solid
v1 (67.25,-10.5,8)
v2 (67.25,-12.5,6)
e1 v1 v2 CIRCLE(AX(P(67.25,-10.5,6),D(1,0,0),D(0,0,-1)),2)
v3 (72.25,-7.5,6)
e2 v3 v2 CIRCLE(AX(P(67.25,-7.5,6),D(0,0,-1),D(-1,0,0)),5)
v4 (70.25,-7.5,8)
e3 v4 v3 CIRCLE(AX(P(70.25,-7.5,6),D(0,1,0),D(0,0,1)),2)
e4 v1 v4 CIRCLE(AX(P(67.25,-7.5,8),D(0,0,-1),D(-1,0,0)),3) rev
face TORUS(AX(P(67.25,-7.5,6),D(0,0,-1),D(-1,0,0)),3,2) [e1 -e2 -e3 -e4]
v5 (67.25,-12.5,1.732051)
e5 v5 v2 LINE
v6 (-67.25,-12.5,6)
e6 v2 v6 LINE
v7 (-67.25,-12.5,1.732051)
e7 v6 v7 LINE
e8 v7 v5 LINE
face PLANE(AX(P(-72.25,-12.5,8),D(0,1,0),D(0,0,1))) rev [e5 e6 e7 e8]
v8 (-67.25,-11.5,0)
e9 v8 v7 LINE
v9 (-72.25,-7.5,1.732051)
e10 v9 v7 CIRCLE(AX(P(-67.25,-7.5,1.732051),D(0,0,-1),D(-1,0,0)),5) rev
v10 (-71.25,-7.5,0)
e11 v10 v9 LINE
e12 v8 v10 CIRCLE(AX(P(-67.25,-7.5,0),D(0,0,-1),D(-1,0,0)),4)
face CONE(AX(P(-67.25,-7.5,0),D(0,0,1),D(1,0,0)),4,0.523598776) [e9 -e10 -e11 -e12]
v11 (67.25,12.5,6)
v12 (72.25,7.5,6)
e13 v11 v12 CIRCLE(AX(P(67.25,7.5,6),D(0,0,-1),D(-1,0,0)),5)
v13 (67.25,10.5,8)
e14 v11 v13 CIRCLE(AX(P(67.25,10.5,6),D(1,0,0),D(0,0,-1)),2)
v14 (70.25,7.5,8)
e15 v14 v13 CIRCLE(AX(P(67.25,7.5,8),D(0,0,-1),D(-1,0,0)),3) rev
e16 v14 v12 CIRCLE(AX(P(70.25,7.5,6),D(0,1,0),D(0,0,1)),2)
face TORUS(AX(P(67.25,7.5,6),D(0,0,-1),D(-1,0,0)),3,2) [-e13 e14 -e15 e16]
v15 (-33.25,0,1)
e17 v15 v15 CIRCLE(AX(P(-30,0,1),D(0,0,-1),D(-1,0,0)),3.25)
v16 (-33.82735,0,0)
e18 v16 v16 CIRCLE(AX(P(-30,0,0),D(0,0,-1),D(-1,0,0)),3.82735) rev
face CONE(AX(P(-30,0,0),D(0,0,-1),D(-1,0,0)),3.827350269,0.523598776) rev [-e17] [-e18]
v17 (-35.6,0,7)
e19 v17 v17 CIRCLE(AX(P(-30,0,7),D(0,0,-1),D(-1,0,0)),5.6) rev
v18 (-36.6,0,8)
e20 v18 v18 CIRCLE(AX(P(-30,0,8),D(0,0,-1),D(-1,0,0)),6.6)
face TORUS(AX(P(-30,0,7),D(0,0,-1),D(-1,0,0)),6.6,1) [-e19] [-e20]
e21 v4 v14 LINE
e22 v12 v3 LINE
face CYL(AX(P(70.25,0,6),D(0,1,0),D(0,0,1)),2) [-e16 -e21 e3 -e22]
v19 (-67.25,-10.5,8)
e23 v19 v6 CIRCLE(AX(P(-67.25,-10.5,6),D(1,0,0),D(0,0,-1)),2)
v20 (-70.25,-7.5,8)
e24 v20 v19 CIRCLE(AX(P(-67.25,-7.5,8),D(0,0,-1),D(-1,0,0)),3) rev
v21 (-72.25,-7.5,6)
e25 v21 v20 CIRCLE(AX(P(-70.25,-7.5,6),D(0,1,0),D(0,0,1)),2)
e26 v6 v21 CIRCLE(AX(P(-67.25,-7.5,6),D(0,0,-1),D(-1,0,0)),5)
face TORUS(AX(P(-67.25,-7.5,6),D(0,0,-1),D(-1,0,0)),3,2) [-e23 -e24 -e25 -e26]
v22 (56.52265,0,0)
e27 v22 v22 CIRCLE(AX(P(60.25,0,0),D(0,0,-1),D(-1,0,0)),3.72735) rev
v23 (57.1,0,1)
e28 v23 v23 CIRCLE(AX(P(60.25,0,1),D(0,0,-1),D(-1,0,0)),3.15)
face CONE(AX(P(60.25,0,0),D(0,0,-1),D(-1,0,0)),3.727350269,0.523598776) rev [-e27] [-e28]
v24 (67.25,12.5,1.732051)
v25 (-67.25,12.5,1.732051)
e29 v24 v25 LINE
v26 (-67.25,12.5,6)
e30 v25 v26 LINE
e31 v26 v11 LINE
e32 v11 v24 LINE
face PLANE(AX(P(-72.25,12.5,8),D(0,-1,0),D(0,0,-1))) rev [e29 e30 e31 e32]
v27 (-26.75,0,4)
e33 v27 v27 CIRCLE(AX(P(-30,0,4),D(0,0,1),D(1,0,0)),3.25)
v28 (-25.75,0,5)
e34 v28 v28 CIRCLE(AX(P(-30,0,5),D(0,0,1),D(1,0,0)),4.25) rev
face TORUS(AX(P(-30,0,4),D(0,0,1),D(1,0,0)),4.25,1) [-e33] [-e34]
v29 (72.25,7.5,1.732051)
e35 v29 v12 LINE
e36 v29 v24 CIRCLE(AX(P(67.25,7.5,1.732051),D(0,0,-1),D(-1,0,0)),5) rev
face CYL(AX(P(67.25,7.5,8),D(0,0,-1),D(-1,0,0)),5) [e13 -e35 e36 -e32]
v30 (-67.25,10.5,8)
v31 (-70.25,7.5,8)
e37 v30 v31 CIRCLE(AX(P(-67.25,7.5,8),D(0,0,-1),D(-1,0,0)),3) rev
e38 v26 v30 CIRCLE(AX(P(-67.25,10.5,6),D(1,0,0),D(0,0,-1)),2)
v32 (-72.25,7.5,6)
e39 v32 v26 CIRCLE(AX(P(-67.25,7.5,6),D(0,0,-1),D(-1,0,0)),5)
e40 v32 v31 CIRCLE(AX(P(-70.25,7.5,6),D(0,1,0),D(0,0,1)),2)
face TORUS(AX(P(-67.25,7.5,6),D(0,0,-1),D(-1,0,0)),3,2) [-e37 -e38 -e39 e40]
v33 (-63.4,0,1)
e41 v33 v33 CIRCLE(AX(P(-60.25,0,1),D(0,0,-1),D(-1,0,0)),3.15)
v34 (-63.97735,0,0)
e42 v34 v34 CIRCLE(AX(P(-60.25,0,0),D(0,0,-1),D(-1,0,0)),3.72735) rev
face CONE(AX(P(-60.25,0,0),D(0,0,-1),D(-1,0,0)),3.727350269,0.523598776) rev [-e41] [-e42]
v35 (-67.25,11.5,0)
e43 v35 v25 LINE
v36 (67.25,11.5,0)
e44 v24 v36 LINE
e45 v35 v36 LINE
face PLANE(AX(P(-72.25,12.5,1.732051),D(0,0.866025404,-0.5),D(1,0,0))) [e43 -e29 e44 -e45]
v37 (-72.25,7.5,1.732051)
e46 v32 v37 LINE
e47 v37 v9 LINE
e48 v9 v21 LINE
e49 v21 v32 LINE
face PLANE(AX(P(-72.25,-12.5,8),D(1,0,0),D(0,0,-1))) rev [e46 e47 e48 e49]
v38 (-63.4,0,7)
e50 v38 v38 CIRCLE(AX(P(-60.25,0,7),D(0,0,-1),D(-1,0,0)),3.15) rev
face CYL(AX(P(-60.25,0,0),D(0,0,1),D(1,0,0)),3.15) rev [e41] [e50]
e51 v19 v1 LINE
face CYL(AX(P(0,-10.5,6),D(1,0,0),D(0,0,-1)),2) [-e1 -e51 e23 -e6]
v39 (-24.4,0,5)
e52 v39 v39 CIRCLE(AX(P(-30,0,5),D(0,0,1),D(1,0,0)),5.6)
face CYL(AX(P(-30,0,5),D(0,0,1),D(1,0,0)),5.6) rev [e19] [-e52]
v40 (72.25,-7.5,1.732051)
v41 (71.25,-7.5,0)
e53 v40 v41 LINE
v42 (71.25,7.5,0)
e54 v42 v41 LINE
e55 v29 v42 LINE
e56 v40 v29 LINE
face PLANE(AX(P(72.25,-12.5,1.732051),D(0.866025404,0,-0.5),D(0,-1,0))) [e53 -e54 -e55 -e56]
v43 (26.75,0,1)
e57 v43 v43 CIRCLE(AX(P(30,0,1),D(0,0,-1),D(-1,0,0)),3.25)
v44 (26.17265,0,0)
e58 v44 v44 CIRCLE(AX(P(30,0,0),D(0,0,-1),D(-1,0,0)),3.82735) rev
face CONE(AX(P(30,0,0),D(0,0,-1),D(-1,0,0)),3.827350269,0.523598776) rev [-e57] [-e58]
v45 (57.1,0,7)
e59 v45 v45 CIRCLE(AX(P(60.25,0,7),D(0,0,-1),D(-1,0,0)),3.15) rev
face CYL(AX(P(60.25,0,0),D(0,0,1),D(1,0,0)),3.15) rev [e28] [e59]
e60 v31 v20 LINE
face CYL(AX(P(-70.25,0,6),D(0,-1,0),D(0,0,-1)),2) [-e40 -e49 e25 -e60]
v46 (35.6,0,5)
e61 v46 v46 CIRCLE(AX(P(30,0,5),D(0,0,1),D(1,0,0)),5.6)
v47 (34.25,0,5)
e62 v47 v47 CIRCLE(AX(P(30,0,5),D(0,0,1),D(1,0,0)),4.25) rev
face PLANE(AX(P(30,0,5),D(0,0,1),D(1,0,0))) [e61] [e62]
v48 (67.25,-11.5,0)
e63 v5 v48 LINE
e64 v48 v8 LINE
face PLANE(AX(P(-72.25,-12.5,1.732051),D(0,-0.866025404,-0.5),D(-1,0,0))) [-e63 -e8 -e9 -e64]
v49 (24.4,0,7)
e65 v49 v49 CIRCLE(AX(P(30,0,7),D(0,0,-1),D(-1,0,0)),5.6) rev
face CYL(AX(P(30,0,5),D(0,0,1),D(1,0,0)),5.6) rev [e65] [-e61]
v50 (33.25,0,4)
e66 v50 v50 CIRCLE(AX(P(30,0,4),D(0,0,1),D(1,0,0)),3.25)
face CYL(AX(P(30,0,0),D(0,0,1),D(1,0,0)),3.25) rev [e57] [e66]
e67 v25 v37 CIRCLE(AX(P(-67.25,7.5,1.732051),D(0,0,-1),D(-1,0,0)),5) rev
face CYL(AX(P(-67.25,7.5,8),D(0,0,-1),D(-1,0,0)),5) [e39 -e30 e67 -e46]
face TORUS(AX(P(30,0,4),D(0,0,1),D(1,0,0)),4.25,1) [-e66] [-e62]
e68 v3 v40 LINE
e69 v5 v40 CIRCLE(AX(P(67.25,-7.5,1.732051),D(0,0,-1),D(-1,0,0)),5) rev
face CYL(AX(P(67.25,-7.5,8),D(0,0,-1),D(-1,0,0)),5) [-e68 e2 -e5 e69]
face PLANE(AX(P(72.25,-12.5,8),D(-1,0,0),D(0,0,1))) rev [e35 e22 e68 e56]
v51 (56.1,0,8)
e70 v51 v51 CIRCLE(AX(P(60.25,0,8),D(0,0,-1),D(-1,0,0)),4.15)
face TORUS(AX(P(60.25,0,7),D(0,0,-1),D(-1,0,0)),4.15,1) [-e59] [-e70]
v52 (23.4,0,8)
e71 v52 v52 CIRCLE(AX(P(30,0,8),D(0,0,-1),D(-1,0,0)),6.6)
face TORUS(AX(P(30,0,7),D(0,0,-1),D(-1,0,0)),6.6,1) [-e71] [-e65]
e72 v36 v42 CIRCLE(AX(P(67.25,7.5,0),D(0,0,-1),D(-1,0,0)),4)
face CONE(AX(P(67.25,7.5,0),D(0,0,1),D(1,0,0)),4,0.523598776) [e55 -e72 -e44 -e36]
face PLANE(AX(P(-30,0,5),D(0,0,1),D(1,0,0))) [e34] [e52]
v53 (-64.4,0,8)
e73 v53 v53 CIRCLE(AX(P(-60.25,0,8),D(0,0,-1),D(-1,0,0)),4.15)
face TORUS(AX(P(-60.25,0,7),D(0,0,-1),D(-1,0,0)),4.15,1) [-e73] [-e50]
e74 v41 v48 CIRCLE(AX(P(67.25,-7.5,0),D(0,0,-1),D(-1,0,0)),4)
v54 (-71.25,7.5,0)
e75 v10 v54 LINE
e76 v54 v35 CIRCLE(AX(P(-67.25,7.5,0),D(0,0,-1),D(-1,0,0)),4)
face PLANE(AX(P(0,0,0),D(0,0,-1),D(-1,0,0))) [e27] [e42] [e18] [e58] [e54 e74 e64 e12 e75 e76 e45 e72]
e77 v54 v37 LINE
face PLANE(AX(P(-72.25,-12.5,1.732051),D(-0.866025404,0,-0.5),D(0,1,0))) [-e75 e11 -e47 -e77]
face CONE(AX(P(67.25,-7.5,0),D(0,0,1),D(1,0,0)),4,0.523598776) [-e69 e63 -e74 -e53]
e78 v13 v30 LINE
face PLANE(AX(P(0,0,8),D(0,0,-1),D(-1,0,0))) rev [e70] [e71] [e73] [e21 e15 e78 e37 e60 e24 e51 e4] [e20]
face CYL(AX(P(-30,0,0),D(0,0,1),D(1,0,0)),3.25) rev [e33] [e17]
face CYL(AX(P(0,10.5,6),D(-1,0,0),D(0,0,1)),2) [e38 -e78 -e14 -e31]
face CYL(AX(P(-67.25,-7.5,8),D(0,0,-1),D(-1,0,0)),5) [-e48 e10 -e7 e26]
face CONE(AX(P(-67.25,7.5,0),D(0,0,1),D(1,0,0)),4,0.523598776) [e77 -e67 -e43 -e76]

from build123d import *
from OCP.BRepFilletAPI import BRepFilletAPI_MakeChamfer

# Parameters (mm, degrees)
SKETCH2_W           = 144.5
SKETCH2_H           = 25
BOSS_EXTRUDE1_DEPTH = 8
SKETCH3_R           = 3.15
SKETCH3_R_2         = 3.25
CUT_EXTRUDE1_DEPTH  = 74.758474089
SKETCH4_R           = 5.6
CUT_EXTRUDE2_DEPTH  = 3
FILLET1_R           = 5
FILLET2_R           = 2
FILLET3_R           = 1
CHAMFER1_SIZE       = 1
CHAMFER1_SIZE2      = 1.732050808
CHAMFER2_SIZE       = 1
CHAMFER2_SIZE2      = 0.577350269


with BuildPart() as part:
    # Sketch2 → Boss-Extrude1 (new body)
    with BuildSketch(Plane.XY):
        Rectangle(SKETCH2_W, SKETCH2_H)
    extrude(amount=BOSS_EXTRUDE1_DEPTH)

    # Sketch3 → Cut-Extrude1 (cut, through all)
    with BuildSketch(Plane.XY.offset(8)):
        with Locations((-60.25, 0)):
            Circle(SKETCH3_R)
        with Locations((60.25, 0)):
            Circle(SKETCH3_R)
        with Locations((-30, 0)):
            Circle(SKETCH3_R_2)
        with Locations((30, 0)):
            Circle(SKETCH3_R_2)
    extrude(amount=-CUT_EXTRUDE1_DEPTH, mode=Mode.SUBTRACT)

    # Sketch4 → Cut-Extrude2 (cut)
    with BuildSketch(Plane.XY.offset(8)):
        with Locations((-30, 0)):
            Circle(SKETCH4_R)
        with Locations((30, 0)):
            Circle(SKETCH4_R)
    extrude(amount=-CUT_EXTRUDE2_DEPTH, mode=Mode.SUBTRACT)

    # Fillet1
    fillet1_edges = [part.edges().sort_by_distance(p)[0] for p in [
        (72.25, -12.5, 4),
        (-72.25, -12.5, 4),
        (-72.25, 12.5, 4),
        (72.25, 12.5, 4),
    ]]
    fillet(fillet1_edges, radius=FILLET1_R)

    # Fillet2
    fillet2_edges = [part.edges().sort_by_distance(p)[0] for p in [
        (0, -12.5, 8),
        (-72.25, 0, 8),
        (72.25, 0, 8),
        (0, 12.5, 8),
        (70.785533906, 11.035533906, 8),
        (70.785533906, -11.035533906, 8),
        (-70.785533906, 11.035533906, 8),
        (-70.785533906, -11.035533906, 8),
    ]]
    fillet(fillet2_edges, radius=FILLET2_R)

    # Fillet3
    fillet3_edges = [part.edges().sort_by_distance(p)[0] for p in [
        (-63.4, 0, 8),
        (57.1, 0, 8),
        (-35.6, 0, 8),
        (-33.25, 0, 5),
        (24.4, 0, 8),
        (26.75, 0, 5),
    ]]
    fillet(fillet3_edges, radius=FILLET3_R)

    # Chamfer1
    chamfer1_edges = [part.edges().sort_by_distance(p)[0] for p in [
        (0, -12.5, 0),
        (72.25, 0, 0),
        (-72.25, 0, 0),
        (0, 12.5, 0),
        (70.785533906, 11.035533906, 0),
        (70.785533906, -11.035533906, 0),
        (-70.785533906, 11.035533906, 0),
        (-70.785533906, -11.035533906, 0),
    ]]
    chamfer1_side = [part.faces().sort_by_distance(p)[0] for p in [
        (0, 0, 0),
    ]]
    chamfer(chamfer1_edges, length=CHAMFER1_SIZE, length2=CHAMFER1_SIZE2, reference=chamfer1_side[0])

    # Chamfer2: one chamfer whose edges measure the first distance from different faces: ONE call of the kernel's chamfer builder (chamfer() names one face for all edges)
    chamfer2_edges_1 = [part.edges().sort_by_distance(p)[0] for p in [
        (-63.4, 0, 0),
    ]]
    chamfer2_side_1 = [part.faces().sort_by_distance(p)[0] for p in [
        (-63.4, 0, 3.5),
    ]]
    chamfer2_edges_2 = [part.edges().sort_by_distance(p)[0] for p in [
        (26.75, 0, 0),
    ]]
    chamfer2_side_2 = [part.faces().sort_by_distance(p)[0] for p in [
        (26.75, 0, 2),
    ]]
    chamfer2_edges_3 = [part.edges().sort_by_distance(p)[0] for p in [
        (-33.25, 0, 0),
    ]]
    chamfer2_side_3 = [part.faces().sort_by_distance(p)[0] for p in [
        (-33.25, 0, 2),
    ]]
    chamfer2_edges_4 = [part.edges().sort_by_distance(p)[0] for p in [
        (57.1, 0, 0),
    ]]
    chamfer2_side_4 = [part.faces().sort_by_distance(p)[0] for p in [
        (57.1, 0, 3.5),
    ]]
    chamfer2 = BRepFilletAPI_MakeChamfer(part.part.solid().wrapped)
    for e in chamfer2_edges_1:
        chamfer2.Add(CHAMFER2_SIZE, CHAMFER2_SIZE2, e.wrapped, chamfer2_side_1[0].wrapped)  # the first distance lies on this face
    for e in chamfer2_edges_2:
        chamfer2.Add(CHAMFER2_SIZE, CHAMFER2_SIZE2, e.wrapped, chamfer2_side_2[0].wrapped)  # the first distance lies on this face
    for e in chamfer2_edges_3:
        chamfer2.Add(CHAMFER2_SIZE, CHAMFER2_SIZE2, e.wrapped, chamfer2_side_3[0].wrapped)  # the first distance lies on this face
    for e in chamfer2_edges_4:
        chamfer2.Add(CHAMFER2_SIZE, CHAMFER2_SIZE2, e.wrapped, chamfer2_side_4[0].wrapped)  # the first distance lies on this face
    add(Compound.cast(chamfer2.Shape()), mode=Mode.REPLACE)


solid = part.part
